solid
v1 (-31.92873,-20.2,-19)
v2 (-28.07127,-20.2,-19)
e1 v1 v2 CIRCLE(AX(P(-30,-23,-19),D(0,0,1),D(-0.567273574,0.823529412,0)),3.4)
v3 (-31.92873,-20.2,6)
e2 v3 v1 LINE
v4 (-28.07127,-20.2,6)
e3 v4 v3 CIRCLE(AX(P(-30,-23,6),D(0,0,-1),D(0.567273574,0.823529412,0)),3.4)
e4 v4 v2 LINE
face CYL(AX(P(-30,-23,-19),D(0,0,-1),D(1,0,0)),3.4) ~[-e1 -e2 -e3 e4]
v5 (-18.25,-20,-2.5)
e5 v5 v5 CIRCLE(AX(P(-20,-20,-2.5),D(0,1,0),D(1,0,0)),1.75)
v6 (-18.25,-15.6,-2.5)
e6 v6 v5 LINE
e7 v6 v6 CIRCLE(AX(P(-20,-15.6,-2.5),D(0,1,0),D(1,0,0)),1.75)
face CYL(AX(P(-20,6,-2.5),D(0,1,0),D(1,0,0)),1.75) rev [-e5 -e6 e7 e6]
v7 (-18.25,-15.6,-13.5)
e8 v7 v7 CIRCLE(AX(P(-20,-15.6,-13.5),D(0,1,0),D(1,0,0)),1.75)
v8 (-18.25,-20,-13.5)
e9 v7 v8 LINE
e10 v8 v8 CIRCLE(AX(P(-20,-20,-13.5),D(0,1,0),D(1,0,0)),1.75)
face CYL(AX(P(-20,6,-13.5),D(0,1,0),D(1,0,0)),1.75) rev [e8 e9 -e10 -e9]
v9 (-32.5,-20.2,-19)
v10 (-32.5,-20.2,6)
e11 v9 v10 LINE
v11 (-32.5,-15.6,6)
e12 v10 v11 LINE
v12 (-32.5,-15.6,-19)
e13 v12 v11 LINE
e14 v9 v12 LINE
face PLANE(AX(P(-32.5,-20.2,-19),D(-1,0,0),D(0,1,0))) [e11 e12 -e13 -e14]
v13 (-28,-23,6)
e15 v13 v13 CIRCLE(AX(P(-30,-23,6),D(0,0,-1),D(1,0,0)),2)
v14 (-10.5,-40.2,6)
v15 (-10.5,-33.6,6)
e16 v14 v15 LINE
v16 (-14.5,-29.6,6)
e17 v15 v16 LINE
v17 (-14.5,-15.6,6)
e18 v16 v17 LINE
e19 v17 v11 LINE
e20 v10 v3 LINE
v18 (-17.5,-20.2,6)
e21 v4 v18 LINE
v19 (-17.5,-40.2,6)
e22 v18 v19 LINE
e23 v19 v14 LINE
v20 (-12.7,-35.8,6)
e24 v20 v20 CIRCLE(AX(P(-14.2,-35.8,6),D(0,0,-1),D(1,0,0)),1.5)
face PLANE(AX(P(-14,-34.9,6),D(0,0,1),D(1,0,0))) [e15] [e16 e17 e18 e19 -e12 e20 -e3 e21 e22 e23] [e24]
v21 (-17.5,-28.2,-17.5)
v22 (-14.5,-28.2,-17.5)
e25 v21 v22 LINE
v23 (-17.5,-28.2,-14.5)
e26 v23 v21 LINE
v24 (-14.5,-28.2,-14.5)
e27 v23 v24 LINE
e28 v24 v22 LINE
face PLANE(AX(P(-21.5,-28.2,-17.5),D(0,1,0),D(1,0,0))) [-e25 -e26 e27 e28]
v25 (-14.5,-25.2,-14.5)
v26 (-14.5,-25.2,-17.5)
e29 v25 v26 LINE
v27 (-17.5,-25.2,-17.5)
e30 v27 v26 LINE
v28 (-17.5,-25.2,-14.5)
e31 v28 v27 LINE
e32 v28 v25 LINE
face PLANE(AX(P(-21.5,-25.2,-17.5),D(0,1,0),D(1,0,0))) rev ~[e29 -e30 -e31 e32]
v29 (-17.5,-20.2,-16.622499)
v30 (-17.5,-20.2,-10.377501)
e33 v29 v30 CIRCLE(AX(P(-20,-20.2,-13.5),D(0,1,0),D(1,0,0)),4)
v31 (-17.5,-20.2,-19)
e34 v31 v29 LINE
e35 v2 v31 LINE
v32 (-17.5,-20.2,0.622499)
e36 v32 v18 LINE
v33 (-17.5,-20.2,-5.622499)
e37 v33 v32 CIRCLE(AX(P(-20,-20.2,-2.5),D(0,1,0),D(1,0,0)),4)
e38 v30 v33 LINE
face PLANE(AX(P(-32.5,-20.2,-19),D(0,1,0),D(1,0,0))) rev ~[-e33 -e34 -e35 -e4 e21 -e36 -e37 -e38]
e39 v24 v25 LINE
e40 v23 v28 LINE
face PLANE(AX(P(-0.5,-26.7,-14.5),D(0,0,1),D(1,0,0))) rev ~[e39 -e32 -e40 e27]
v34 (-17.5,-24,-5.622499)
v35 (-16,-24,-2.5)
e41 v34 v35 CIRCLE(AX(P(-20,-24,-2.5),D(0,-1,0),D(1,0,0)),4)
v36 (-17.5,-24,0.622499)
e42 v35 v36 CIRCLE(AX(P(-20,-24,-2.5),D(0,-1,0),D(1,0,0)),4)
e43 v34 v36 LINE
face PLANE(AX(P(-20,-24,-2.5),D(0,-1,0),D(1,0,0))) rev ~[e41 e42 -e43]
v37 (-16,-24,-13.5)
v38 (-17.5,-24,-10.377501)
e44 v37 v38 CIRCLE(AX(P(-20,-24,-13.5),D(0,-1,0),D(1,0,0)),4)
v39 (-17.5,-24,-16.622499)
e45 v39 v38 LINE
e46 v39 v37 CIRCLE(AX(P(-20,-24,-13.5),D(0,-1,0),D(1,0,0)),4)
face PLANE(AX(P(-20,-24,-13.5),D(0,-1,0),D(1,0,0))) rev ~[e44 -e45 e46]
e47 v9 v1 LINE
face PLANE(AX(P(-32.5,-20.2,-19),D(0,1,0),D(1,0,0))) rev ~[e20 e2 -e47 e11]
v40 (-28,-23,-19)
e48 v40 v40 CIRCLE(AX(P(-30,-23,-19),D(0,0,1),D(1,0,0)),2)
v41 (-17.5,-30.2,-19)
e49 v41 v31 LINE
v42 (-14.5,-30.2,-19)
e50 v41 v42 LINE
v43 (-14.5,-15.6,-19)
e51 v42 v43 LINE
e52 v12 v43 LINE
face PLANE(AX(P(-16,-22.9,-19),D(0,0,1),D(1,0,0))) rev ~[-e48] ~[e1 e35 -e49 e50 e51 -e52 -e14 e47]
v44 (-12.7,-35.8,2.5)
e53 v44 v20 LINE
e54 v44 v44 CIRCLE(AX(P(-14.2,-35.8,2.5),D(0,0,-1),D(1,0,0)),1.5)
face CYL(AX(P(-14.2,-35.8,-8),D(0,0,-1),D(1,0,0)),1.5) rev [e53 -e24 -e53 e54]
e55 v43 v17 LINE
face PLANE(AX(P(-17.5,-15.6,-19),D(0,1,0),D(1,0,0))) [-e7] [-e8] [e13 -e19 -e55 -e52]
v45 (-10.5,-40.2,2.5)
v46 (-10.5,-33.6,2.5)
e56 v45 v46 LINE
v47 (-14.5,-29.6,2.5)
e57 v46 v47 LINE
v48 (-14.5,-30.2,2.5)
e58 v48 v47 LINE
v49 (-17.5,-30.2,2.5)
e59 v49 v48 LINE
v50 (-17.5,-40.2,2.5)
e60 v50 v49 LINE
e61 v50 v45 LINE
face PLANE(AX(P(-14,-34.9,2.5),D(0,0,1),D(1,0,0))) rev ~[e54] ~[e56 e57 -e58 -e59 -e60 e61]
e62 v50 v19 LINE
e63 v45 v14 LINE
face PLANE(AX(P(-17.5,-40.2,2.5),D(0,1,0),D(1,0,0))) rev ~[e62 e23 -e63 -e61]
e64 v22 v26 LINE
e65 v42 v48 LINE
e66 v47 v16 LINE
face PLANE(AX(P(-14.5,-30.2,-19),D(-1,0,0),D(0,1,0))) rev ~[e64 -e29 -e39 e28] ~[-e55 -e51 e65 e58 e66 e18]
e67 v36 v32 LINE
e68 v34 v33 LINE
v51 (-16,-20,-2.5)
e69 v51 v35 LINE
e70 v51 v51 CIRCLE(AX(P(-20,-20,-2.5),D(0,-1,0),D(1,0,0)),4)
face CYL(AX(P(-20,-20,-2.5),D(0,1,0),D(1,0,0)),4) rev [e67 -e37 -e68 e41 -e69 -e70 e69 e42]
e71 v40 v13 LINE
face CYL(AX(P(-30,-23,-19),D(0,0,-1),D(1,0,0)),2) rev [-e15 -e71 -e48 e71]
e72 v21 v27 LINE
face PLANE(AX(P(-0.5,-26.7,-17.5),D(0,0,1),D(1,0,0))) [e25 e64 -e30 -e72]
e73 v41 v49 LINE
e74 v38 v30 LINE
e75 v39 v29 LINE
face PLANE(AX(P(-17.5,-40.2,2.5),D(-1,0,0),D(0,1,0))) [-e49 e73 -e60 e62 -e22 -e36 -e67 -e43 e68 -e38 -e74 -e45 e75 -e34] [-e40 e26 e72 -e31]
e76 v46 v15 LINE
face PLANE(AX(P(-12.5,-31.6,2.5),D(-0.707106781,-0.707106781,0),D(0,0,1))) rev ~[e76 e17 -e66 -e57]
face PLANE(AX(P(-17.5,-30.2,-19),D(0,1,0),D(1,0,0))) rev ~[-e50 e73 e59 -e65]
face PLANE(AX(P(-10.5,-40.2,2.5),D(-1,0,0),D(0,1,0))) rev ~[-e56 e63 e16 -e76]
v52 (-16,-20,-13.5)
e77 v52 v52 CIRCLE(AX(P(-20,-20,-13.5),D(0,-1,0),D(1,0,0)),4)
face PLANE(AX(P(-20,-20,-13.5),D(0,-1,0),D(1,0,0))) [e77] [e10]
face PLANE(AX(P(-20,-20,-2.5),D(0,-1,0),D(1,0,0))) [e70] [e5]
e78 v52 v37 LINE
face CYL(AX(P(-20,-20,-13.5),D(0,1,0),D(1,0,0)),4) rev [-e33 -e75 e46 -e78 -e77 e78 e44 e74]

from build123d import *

# Parameters (mm, degrees)
CYLINDER040_R          = 1.75
CYLINDER040_DEPTH      = 44
CYLINDER040_ROLL_ANGLE = 90
CYLINDER049_R          = 2
CYLINDER049_DEPTH      = 42
CYLINDER051_R          = 1.5
CYLINDER051_DEPTH      = 42
CYLINDER053_R          = 4
CYLINDER053_DEPTH      = 4
CYLINDER053_ROLL_ANGLE = 90
CYLINDER054_R          = 4
CYLINDER054_DEPTH      = 4
CYLINDER054_ROLL_ANGLE = 90
BOX089_W               = 42
BOX089_H               = 3
BOX089_DEPTH           = 3
CYLINDER043_R          = 1.75
CYLINDER043_DEPTH      = 44
CYLINDER043_ROLL_ANGLE = 90
CYLINDER048_R          = 3.4
CYLINDER048_DEPTH      = 25
BOX084_W               = 3
BOX084_H               = 14.6
BOX084_DEPTH           = 25
BOX085_W               = 7
BOX085_H               = 10.6
BOX085_DEPTH           = 3.5
CHAMFER_SIZE           = 4
BOX080_W               = 15
BOX080_H               = 4.6
BOX080_DEPTH           = 25


with BuildPart() as cylinder_for_hole_3_motherboard003:
    # Cylinder040 → Cylinder040 (new body)
    with BuildSketch(Plane.XY):
        Circle(CYLINDER040_R)
    extrude(amount=CYLINDER040_DEPTH)


with BuildPart() as cylinder_for_hole_3_motherboard003_1:
    # Cylinder040 roll: moved
    add(cylinder_for_hole_3_motherboard003.part.rotate(Axis((0, 0, 0), (1, 0, 0)), CYLINDER040_ROLL_ANGLE))


with BuildPart() as cylinder_for_hole_3_motherboard003_2:
    # Cylinder040 placement: moved
    add(cylinder_for_hole_3_motherboard003_1.part.moved(Location((-20, 6, -13.5))))


with BuildPart() as blower_screw:
    # Cylinder049 → Cylinder049 (new body)
    with BuildSketch(Plane(origin=(-30, -23, -19), x_dir=(1, 0, 0), z_dir=(0, 0, 1))):
        Circle(CYLINDER049_R)
    extrude(amount=CYLINDER049_DEPTH)


with BuildPart() as extruder_screw_l:
    # Cylinder051 → Cylinder051 (new body)
    with BuildSketch(Plane(origin=(-14.2, -35.8, -8), x_dir=(1, 0, 0), z_dir=(0, 0, 1))):
        Circle(CYLINDER051_R)
    extrude(amount=CYLINDER051_DEPTH)


with BuildPart() as cylinder053:
    # Cylinder053 → Cylinder053 (new body)
    with BuildSketch(Plane.XY):
        Circle(CYLINDER053_R)
    extrude(amount=CYLINDER053_DEPTH)


with BuildPart() as cylinder053_1:
    # Cylinder053 roll: moved
    add(cylinder053.part.rotate(Axis((0, 0, 0), (1, 0, 0)), CYLINDER053_ROLL_ANGLE))


with BuildPart() as cylinder053_2:
    # Cylinder053 placement: moved
    add(cylinder053_1.part.moved(Location((-20, -20, -2.5))))


with BuildPart() as cylinder054:
    # Cylinder054 → Cylinder054 (new body)
    with BuildSketch(Plane.XY):
        Circle(CYLINDER054_R)
    extrude(amount=CYLINDER054_DEPTH)


with BuildPart() as cylinder054_1:
    # Cylinder054 roll: moved
    add(cylinder054.part.rotate(Axis((0, 0, 0), (1, 0, 0)), CYLINDER054_ROLL_ANGLE))


with BuildPart() as cylinder054_2:
    # Cylinder054 placement: moved
    add(cylinder054_1.part.moved(Location((-20, -20, -13.5))))


with BuildPart() as fastener_hole001:
    # Box089 → Box089 (new body)
    with BuildSketch(Plane(origin=(-21.5, -28.2, -17.5), x_dir=(1, 0, 0), z_dir=(0, 0, 1))):
        with Locations((21, 1.5)):
            Rectangle(BOX089_W, BOX089_H)
    extrude(amount=BOX089_DEPTH)


with BuildPart() as blower_retention_holes:
    # Cylinder043 → Cylinder043 (new body)
    with BuildSketch(Plane.XY):
        Circle(CYLINDER043_R)
    extrude(amount=CYLINDER043_DEPTH)


with BuildPart() as blower_retention_holes_1:
    # Cylinder043 roll: moved
    add(blower_retention_holes.part.rotate(Axis((0, 0, 0), (1, 0, 0)), CYLINDER043_ROLL_ANGLE))


with BuildPart() as blower_retention_holes_2:
    # Cylinder043 placement: moved
    add(blower_retention_holes_1.part.moved(Location((-20, 6, -2.5))))

    # Fusion023: union cylinder for hole 3 - Motherboard003, blower screw, extruder screw  L, Cylinder053, Cylinder054, fastener hole001
    add(cylinder_for_hole_3_motherboard003_2.part)
    add(blower_screw.part)
    add(extruder_screw_l.part)
    add(cylinder053_2.part)
    add(cylinder054_2.part)
    add(fastener_hole001.part)


with BuildPart() as blower_retention:
    # Cylinder048 → Cylinder048 (new body)
    with BuildSketch(Plane(origin=(-30, -23, -19), x_dir=(1, 0, 0), z_dir=(0, 0, 1))):
        Circle(CYLINDER048_R)
    extrude(amount=CYLINDER048_DEPTH)


with BuildPart() as motor_bracket_base_l_lower:
    # Box084 → Box084 (new body)
    with BuildSketch(Plane(origin=(-17.5, -30.2, -19), x_dir=(1, 0, 0), z_dir=(0, 0, 1))):
        with Locations((1.5, 7.3)):
            Rectangle(BOX084_W, BOX084_H)
    extrude(amount=BOX084_DEPTH)


with BuildPart() as motor_bracket_base_l_upper_chamfered:
    # Box085 → Box085 (new body)
    with BuildSketch(Plane(origin=(-17.5, -40.2, 2.5), x_dir=(1, 0, 0), z_dir=(0, 0, 1))):
        with Locations((3.5, 5.3)):
            Rectangle(BOX085_W, BOX085_H)
    extrude(amount=BOX085_DEPTH)

    # Chamfer
    chamfer_edges = [motor_bracket_base_l_upper_chamfered.edges().sort_by_distance(p)[0] for p in [
        (-10.5, -29.6, 4.25),
    ]]
    chamfer(chamfer_edges, length=CHAMFER_SIZE)


with BuildPart() as blower_retention_arm_with_holes:
    # Box080 → Box080 (new body)
    with BuildSketch(Plane(origin=(-32.5, -20.2, -19), x_dir=(1, 0, 0), z_dir=(0, 0, 1))):
        with Locations((7.5, 2.3)):
            Rectangle(BOX080_W, BOX080_H)
    extrude(amount=BOX080_DEPTH)

    # Fusion022: union blower retention, motor bracket base L lower, motor bracket base L upper chamfered
    add(blower_retention.part)
    add(motor_bracket_base_l_lower.part)
    add(motor_bracket_base_l_upper_chamfered.part)

    # Cut013: cut blower retention holes
    add(blower_retention_holes_2.part, mode=Mode.SUBTRACT)


solid = blower_retention_arm_with_holes.part
